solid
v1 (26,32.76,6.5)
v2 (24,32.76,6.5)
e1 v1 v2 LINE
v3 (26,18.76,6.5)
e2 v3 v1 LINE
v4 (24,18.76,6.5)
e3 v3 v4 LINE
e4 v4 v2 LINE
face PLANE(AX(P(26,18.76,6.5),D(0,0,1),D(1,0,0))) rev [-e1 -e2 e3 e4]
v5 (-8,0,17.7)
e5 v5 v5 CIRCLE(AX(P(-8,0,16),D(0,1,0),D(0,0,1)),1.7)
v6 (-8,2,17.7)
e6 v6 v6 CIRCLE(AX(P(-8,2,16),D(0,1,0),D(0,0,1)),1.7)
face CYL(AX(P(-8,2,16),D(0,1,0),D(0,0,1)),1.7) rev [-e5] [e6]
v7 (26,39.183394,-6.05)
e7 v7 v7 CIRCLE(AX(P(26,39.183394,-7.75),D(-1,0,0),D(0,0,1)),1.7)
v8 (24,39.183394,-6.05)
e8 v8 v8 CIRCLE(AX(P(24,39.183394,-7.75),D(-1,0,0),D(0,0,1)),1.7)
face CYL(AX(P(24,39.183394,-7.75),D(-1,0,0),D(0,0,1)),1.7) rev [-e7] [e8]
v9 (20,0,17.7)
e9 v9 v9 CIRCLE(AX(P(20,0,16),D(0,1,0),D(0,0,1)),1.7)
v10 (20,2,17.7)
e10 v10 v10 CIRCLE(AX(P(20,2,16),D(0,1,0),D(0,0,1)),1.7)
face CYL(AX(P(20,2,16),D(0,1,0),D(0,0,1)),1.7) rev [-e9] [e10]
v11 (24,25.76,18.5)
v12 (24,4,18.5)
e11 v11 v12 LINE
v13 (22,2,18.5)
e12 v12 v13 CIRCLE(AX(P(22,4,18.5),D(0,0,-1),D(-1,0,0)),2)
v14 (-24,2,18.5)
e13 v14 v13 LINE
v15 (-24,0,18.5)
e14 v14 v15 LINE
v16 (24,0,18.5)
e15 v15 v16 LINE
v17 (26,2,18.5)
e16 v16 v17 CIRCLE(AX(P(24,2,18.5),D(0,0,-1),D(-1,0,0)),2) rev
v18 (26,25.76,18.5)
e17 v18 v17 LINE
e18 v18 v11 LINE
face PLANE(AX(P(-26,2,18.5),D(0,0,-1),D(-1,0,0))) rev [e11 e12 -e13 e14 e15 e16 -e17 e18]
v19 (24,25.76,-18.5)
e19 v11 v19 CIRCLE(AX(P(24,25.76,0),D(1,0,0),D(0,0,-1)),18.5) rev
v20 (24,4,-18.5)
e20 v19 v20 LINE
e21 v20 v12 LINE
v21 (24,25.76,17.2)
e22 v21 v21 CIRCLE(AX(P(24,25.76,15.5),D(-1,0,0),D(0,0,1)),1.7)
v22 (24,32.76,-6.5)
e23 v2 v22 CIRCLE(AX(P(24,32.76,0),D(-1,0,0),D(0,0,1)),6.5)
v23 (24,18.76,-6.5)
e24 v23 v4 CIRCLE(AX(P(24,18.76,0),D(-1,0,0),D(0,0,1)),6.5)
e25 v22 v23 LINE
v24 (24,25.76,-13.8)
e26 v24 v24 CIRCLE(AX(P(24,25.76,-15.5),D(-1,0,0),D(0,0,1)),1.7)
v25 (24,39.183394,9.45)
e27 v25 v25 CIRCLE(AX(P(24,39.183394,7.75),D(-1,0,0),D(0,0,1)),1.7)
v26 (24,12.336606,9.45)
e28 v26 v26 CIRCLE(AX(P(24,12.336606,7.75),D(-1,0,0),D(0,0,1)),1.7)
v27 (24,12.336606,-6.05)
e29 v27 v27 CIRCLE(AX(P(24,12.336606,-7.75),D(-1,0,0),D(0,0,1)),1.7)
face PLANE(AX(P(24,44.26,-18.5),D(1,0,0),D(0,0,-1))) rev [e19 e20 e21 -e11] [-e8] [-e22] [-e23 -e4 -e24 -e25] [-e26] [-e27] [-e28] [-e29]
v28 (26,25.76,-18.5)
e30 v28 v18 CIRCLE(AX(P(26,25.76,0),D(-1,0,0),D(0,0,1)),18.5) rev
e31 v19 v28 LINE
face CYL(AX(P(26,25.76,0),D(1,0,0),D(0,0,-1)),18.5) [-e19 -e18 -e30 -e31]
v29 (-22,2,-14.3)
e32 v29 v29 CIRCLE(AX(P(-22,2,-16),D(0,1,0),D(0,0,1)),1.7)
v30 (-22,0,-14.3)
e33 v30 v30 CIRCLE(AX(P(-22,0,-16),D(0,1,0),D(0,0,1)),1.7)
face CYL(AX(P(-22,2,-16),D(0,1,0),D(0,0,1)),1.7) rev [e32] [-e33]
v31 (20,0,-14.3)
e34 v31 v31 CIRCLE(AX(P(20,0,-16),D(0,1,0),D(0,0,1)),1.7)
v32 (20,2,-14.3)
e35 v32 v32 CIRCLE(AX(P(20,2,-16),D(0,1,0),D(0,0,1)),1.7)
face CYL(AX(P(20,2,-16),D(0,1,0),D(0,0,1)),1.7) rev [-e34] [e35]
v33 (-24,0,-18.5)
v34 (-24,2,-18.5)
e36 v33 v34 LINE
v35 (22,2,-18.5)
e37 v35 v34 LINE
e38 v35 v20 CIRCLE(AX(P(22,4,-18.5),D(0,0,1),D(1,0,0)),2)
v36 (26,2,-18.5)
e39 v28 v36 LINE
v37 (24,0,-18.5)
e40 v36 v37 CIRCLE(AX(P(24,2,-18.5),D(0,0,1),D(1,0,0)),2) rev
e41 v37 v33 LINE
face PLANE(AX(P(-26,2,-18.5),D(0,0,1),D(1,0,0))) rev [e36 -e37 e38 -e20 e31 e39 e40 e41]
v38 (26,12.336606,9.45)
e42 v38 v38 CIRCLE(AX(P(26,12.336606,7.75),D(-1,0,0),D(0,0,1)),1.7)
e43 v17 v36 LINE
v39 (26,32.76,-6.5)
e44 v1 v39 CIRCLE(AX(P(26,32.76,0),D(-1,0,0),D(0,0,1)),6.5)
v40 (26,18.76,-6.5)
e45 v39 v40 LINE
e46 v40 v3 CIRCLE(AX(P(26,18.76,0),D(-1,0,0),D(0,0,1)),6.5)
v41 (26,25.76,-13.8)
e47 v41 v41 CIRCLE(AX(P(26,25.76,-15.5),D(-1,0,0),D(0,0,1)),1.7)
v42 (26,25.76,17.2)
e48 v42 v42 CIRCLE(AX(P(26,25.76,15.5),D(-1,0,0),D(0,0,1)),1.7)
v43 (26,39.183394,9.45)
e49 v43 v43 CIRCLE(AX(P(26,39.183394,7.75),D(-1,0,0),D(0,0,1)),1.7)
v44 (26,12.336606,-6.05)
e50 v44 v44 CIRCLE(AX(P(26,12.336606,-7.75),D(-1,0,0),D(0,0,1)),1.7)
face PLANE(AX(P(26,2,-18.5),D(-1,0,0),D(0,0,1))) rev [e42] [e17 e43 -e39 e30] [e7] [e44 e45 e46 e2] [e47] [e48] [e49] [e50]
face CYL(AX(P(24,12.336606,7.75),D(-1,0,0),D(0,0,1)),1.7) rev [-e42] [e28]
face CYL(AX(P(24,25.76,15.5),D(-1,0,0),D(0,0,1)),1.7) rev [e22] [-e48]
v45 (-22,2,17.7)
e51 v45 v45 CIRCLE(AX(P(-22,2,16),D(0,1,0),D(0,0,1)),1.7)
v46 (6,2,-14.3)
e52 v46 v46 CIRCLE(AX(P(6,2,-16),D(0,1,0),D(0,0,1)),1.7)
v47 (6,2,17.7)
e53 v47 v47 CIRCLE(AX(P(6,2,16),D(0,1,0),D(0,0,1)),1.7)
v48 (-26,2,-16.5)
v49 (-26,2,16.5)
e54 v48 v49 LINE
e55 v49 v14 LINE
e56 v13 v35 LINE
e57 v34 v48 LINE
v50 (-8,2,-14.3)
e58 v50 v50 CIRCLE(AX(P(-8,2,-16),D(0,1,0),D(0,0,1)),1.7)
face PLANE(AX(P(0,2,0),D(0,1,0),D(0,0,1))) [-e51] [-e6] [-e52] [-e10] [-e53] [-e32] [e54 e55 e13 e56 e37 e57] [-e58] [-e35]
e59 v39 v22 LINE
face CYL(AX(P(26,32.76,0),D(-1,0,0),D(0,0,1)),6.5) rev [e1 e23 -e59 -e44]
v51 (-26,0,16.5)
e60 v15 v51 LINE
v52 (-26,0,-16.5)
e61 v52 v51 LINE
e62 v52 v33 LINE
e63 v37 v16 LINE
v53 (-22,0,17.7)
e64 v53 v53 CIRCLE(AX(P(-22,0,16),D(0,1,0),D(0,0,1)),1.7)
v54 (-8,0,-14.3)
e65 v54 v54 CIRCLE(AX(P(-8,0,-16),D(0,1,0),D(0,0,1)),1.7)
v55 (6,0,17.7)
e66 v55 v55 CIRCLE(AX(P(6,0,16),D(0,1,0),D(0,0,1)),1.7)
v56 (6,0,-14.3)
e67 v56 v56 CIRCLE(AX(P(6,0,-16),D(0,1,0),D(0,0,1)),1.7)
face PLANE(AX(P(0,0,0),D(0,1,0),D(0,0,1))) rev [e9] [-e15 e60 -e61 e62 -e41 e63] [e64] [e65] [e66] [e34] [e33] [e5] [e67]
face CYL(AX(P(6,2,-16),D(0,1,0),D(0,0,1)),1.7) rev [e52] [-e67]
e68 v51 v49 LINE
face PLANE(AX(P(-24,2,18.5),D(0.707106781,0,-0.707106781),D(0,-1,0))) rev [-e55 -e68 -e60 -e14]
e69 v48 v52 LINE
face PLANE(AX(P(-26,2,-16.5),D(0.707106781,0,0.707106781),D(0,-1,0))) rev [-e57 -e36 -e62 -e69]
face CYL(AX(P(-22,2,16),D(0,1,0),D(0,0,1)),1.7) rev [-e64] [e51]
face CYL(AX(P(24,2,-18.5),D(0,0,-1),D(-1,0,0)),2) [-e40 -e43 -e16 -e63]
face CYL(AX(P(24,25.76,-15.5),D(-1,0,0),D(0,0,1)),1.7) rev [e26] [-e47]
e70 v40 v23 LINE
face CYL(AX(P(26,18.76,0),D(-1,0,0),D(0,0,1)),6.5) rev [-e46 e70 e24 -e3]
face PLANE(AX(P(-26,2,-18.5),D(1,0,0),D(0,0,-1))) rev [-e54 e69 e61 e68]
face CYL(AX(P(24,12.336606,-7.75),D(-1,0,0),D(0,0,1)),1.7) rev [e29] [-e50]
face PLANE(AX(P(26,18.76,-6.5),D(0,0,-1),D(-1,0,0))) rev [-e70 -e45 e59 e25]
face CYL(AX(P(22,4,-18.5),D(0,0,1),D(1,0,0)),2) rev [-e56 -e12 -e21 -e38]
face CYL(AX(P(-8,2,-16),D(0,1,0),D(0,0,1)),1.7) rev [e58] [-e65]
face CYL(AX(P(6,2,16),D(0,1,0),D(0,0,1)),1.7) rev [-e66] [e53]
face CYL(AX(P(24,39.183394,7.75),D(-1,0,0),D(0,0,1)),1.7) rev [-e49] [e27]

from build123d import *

# Parameters (mm, degrees)
CROQUIS1_W                   = 52
CROQUIS1_H                   = 37
SALIENTE_EXTRUIR1_DEPTH      = 2
TALADRO_DE_MARGEN_PARA_M33_D = 3.4
CROQUIS9_W                   = 2
CROQUIS9_H                   = 37
SALIENTE_EXTRUIR2_DEPTH      = 42.26
CHAFL_N1_SIZE                = 2
REDONDEO1_RADIUS             = 18.5
REDONDEO1_LENGTH             = 2
TALADRO_DE_MARGEN_PARA_M34_D = 3.4
CORTAR_EXTRUIR1_DEPTH        = 70.290674697
REDONDEO3_R                  = 2
REDONDEO4_R                  = 2


with BuildPart() as part:
    # Croquis1 → Saliente-Extruir1 (new body)
    with BuildSketch(Plane(origin=(0, 0, 0), x_dir=(1, 0, 0), z_dir=(0, 1, 0))):
        Rectangle(CROQUIS1_W, CROQUIS1_H)
    extrude(amount=SALIENTE_EXTRUIR1_DEPTH)

    # Taladro de margen para M33 (through all)
    with Locations(Plane(origin=(0, 2, 0), x_dir=(1, 0, 0), z_dir=(0, 1, 0))):
        with Locations((-22, 16), (-8, 16), (6, 16), (20, 16), (-22, -16), (-8, -16), (6, -16), (20, -16)):
            Hole(TALADRO_DE_MARGEN_PARA_M33_D / 2)

    # Croquis9 → Saliente-Extruir2 (add)
    with BuildSketch(Plane(origin=(0, 2, 0), x_dir=(1, 0, 0), z_dir=(0, 1, 0))):
        with Locations((25, 0)):
            Rectangle(CROQUIS9_W, CROQUIS9_H)
    extrude(amount=SALIENTE_EXTRUIR2_DEPTH)

    # Chaflán1
    chafl_n1_edges = [part.edges().sort_by_distance(p)[0] for p in [
        (-26, 1, 18.5),
        (-26, 1, -18.5),
    ]]
    chamfer(chafl_n1_edges, length=CHAFL_N1_SIZE)

    # Redondeo1: full round fillet: the end face becomes a half cylinder, R = half its width
    redondeo1_face = Plane((25, 44.26, 0), x_dir=(-1, 0, 0), z_dir=(0, 1, 0))  # on the end face: x along it, z out of the body
    redondeo1_slab = redondeo1_face.offset(-REDONDEO1_RADIUS / 2) * Box(REDONDEO1_LENGTH, 2 * REDONDEO1_RADIUS, REDONDEO1_RADIUS, mode=Mode.PRIVATE)  # the body's end, R deep
    redondeo1_round = Plane((25, 25.76, 0), x_dir=(0, 1, 0), z_dir=(-1, 0, 0)) * Cylinder(REDONDEO1_RADIUS, REDONDEO1_LENGTH, mode=Mode.PRIVATE)  # its axis R under the face
    add(redondeo1_slab - redondeo1_round, mode=Mode.SUBTRACT)

    # Taladro de margen para M34 (through all)
    with Locations(Plane.ZY.offset(-24)):
        with Locations((-15.5, 25.76), (-7.75, 39.183393759), (7.75, 39.183393759), (15.5, 25.76), (7.75, 12.336606241), (-7.75, 12.336606241)):
            Hole(TALADRO_DE_MARGEN_PARA_M34_D / 2)

    # Croquis15 → Cortar-Extruir1 (cut, through all)
    with BuildSketch(Plane.ZY.offset(-24)):
        with BuildLine():
            Line((-6.5, 18.76), (-6.5, 32.76))
            ThreePointArc((-6.5, 32.76), (0, 39.26), (6.5, 32.76))
            Line((6.5, 32.76), (6.5, 18.76))
            ThreePointArc((6.5, 18.76), (0, 12.26), (-6.5, 18.76))
        make_face()
    extrude(amount=-CORTAR_EXTRUIR1_DEPTH, mode=Mode.SUBTRACT)

    # Redondeo3
    redondeo3_edges = [part.edges().sort_by_distance(p)[0] for p in [
        (26, 0, 0),
    ]]
    fillet(redondeo3_edges, radius=REDONDEO3_R)

    # Redondeo4
    redondeo4_edges = [part.edges().sort_by_distance(p)[0] for p in [
        (24, 2, 0),
    ]]
    fillet(redondeo4_edges, radius=REDONDEO4_R)


solid = part.part
